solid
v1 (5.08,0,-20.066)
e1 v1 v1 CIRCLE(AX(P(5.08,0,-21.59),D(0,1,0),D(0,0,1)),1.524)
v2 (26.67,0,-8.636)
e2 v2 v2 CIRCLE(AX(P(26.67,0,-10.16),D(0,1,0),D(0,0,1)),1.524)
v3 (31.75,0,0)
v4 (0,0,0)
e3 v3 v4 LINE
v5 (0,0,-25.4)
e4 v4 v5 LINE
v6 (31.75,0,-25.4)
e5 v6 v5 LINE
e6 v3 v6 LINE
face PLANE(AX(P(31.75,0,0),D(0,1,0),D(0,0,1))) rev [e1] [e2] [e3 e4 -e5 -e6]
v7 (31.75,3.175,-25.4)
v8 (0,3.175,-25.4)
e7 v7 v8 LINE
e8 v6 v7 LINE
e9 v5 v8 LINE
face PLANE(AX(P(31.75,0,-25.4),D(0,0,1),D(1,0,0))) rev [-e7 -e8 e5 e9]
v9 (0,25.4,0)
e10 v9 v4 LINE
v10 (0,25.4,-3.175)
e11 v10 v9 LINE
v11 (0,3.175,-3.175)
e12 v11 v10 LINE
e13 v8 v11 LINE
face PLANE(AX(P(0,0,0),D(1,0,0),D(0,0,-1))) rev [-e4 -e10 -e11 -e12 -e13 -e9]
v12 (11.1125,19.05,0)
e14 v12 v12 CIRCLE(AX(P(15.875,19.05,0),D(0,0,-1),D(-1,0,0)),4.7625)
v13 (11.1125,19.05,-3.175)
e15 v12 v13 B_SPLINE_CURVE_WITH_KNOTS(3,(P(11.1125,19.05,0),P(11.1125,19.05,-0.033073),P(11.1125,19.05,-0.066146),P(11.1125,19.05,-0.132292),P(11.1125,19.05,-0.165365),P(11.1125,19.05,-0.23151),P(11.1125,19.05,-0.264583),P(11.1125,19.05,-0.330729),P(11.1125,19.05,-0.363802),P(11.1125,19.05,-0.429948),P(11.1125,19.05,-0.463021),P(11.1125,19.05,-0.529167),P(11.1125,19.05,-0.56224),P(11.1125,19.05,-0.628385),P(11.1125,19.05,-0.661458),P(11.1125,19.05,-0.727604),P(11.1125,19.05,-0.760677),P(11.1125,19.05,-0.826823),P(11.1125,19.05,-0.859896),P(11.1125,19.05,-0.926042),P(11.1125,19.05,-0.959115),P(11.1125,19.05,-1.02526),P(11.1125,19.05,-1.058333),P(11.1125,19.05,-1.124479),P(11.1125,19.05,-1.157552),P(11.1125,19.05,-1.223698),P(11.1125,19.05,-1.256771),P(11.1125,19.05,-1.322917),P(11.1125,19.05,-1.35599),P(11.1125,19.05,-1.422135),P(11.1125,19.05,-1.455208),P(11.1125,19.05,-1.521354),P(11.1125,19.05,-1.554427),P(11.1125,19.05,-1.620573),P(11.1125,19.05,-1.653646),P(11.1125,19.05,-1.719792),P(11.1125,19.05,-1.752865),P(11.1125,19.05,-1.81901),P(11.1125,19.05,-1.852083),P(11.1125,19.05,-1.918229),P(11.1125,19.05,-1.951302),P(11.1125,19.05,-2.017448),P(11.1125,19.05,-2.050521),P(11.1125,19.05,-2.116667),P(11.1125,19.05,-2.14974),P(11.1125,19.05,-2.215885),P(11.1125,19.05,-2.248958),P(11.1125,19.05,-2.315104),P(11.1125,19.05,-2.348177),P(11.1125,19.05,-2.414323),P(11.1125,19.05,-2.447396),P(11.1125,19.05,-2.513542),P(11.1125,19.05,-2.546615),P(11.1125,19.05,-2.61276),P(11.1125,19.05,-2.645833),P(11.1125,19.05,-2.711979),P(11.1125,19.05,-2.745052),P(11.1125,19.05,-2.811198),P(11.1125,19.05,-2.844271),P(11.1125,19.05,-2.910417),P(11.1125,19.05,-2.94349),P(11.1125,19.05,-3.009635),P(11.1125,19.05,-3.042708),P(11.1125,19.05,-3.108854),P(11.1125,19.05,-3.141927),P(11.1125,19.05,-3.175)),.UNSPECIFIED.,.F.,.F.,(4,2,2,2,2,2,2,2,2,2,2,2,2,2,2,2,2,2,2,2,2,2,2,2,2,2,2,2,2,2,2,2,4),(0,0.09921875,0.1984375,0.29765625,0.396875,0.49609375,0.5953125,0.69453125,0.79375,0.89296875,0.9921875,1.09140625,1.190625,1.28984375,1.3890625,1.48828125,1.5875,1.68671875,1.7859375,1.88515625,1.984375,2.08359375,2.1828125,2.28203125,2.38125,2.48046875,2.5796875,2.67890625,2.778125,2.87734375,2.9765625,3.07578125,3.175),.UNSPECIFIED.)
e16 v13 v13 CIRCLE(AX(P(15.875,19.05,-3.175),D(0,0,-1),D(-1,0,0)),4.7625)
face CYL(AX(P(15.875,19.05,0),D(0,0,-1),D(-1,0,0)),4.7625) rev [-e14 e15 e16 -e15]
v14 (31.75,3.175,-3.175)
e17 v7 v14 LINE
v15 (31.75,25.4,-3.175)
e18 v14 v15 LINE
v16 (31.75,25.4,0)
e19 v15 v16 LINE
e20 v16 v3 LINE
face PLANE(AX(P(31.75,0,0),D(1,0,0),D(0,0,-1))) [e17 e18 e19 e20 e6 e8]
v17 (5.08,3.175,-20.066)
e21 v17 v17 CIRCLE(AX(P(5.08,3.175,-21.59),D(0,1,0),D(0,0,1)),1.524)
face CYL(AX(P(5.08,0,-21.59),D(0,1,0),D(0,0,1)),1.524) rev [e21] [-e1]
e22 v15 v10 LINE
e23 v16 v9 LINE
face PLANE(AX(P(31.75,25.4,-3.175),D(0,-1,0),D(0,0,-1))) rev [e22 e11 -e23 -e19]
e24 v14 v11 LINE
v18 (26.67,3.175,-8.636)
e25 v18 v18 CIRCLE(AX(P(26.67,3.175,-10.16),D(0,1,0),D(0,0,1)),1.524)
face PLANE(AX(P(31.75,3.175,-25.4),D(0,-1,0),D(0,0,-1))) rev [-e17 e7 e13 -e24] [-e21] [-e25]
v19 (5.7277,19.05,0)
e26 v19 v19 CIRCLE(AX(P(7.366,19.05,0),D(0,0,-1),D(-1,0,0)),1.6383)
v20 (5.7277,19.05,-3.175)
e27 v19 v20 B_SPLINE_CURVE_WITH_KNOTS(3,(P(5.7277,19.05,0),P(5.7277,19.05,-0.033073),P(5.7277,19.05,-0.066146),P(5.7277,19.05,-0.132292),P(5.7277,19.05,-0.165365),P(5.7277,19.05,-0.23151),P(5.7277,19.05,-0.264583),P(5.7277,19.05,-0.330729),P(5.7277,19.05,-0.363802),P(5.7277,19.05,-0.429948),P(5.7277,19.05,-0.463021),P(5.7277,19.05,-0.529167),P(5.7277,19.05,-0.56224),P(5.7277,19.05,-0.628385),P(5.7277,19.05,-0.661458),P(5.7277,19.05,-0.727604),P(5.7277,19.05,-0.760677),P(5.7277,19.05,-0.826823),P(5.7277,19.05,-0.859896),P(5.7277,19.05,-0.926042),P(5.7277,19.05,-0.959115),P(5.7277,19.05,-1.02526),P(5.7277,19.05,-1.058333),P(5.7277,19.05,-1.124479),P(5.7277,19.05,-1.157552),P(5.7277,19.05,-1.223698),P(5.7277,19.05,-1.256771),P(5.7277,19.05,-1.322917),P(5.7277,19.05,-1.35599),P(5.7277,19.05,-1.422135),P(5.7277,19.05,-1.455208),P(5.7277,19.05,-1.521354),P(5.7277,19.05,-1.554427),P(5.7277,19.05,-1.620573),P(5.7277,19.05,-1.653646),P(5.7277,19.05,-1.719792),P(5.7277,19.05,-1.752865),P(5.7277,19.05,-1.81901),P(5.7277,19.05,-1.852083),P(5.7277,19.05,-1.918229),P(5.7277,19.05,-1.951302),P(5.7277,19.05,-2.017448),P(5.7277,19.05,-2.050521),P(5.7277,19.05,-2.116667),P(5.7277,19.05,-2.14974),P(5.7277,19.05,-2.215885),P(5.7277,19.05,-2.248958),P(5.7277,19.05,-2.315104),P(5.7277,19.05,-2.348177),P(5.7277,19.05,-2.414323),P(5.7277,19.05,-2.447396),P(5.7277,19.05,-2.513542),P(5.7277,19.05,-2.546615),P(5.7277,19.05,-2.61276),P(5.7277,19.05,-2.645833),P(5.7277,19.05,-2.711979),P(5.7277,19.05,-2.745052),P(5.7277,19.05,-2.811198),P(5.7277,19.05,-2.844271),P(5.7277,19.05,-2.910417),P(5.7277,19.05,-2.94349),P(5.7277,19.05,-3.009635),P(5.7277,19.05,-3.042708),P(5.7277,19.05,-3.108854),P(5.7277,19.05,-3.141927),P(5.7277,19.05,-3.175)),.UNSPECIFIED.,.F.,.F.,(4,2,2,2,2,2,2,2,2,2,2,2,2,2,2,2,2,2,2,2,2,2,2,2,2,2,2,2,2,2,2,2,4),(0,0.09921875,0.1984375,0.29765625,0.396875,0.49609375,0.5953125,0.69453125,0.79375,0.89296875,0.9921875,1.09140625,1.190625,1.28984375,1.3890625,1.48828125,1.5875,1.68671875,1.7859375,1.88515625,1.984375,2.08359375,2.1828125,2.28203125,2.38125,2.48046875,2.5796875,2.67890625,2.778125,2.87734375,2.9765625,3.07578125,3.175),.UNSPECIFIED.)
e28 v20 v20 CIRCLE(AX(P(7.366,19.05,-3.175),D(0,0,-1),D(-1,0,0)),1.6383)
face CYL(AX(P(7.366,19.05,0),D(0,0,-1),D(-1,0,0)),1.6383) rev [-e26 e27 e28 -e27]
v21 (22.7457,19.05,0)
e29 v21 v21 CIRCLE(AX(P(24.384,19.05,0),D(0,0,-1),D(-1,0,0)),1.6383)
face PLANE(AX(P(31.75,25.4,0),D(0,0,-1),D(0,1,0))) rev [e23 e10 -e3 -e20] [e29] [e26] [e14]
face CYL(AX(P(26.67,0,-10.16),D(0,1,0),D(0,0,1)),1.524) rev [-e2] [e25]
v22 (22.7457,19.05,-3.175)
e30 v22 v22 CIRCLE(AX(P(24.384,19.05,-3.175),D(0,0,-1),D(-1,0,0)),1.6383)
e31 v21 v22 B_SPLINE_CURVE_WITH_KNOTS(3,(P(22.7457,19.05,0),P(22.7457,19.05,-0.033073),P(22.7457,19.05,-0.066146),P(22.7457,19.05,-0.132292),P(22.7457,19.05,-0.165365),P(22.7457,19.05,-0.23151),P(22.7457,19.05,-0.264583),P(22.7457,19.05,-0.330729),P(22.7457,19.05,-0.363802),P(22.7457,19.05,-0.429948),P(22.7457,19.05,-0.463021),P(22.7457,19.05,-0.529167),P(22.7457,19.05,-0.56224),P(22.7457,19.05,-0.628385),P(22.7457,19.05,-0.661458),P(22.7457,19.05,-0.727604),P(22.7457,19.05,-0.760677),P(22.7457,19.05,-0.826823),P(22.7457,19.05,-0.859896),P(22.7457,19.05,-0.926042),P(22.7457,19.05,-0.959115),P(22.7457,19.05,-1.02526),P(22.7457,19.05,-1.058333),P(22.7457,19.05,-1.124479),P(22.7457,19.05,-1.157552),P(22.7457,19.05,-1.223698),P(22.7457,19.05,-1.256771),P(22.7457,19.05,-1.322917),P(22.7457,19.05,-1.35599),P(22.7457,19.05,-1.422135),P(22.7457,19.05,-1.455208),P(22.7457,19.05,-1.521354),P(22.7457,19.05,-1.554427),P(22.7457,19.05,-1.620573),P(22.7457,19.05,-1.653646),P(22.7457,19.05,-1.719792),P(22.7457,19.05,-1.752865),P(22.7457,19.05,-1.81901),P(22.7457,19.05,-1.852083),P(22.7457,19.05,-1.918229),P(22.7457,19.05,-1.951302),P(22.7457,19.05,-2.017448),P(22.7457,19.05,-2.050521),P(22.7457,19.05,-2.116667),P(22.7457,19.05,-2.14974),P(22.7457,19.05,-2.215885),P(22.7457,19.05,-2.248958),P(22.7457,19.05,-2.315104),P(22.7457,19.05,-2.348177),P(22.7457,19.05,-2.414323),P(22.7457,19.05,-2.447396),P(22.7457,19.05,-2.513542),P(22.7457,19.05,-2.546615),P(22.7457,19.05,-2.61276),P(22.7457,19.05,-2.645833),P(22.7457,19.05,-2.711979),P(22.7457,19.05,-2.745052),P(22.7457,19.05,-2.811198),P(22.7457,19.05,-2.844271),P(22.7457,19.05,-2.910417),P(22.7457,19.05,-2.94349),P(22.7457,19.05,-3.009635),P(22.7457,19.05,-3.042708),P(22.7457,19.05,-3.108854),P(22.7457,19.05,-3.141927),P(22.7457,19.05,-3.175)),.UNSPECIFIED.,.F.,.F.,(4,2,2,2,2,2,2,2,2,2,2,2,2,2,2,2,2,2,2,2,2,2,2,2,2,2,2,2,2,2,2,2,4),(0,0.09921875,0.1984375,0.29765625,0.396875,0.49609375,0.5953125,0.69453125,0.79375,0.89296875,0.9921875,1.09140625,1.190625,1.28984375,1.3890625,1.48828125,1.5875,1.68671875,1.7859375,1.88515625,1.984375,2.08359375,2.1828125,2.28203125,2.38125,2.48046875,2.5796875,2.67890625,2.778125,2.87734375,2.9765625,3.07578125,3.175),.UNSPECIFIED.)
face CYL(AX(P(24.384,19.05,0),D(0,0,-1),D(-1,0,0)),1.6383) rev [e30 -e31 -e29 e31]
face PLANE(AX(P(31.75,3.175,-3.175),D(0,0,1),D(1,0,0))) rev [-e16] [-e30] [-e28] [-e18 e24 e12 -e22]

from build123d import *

# Parameters (mm, degrees)
BOSS_EXTRUDE1_DEPTH = 31.75
SKETCH3_R           = 4.7625
SKETCH3_R_2         = 1.6383
CUT_EXTRUDE1_DEPTH  = 47.337599474
SKETCH4_R           = 1.524
CUT_EXTRUDE2_DEPTH  = 47.337599474


with BuildPart() as part:
    # Sketch2 → Boss-Extrude1 (new body)
    with BuildSketch(Plane(origin=(0, 0, 0), x_dir=(0, 0, -1), z_dir=(1, 0, 0))):
        Polygon((0, 0), (25.4, 0), (25.4, 3.175), (3.175, 3.175), (3.175, 25.4), (0, 25.4), align=None)
    extrude(amount=BOSS_EXTRUDE1_DEPTH)

    # Sketch3 → Cut-Extrude1 (cut, through all)
    with BuildSketch(Plane(origin=(0, 0, -3.175), x_dir=(-1, 0, 0), z_dir=(0, 0, -1))):
        with Locations((-15.875, 19.05)):
            Circle(SKETCH3_R)
        with Locations((-7.366, 19.05)):
            Circle(SKETCH3_R_2)
        with Locations((-24.384, 19.05)):
            Circle(SKETCH3_R_2)
    extrude(amount=-CUT_EXTRUDE1_DEPTH, mode=Mode.SUBTRACT)

    # Sketch4 → Cut-Extrude2 (cut, through all)
    with BuildSketch(Plane(origin=(0, 3.175, 0), x_dir=(1, 0, 0), z_dir=(0, 1, 0))):
        with Locations(Location((5.08, 21.59, 0), (0, 0, 270))):
            Circle(SKETCH4_R)
        with Locations(Location((26.67, 10.16, 0), (0, 0, 270))):
            Circle(SKETCH4_R)
    extrude(amount=-CUT_EXTRUDE2_DEPTH, mode=Mode.SUBTRACT)


solid = part.part
